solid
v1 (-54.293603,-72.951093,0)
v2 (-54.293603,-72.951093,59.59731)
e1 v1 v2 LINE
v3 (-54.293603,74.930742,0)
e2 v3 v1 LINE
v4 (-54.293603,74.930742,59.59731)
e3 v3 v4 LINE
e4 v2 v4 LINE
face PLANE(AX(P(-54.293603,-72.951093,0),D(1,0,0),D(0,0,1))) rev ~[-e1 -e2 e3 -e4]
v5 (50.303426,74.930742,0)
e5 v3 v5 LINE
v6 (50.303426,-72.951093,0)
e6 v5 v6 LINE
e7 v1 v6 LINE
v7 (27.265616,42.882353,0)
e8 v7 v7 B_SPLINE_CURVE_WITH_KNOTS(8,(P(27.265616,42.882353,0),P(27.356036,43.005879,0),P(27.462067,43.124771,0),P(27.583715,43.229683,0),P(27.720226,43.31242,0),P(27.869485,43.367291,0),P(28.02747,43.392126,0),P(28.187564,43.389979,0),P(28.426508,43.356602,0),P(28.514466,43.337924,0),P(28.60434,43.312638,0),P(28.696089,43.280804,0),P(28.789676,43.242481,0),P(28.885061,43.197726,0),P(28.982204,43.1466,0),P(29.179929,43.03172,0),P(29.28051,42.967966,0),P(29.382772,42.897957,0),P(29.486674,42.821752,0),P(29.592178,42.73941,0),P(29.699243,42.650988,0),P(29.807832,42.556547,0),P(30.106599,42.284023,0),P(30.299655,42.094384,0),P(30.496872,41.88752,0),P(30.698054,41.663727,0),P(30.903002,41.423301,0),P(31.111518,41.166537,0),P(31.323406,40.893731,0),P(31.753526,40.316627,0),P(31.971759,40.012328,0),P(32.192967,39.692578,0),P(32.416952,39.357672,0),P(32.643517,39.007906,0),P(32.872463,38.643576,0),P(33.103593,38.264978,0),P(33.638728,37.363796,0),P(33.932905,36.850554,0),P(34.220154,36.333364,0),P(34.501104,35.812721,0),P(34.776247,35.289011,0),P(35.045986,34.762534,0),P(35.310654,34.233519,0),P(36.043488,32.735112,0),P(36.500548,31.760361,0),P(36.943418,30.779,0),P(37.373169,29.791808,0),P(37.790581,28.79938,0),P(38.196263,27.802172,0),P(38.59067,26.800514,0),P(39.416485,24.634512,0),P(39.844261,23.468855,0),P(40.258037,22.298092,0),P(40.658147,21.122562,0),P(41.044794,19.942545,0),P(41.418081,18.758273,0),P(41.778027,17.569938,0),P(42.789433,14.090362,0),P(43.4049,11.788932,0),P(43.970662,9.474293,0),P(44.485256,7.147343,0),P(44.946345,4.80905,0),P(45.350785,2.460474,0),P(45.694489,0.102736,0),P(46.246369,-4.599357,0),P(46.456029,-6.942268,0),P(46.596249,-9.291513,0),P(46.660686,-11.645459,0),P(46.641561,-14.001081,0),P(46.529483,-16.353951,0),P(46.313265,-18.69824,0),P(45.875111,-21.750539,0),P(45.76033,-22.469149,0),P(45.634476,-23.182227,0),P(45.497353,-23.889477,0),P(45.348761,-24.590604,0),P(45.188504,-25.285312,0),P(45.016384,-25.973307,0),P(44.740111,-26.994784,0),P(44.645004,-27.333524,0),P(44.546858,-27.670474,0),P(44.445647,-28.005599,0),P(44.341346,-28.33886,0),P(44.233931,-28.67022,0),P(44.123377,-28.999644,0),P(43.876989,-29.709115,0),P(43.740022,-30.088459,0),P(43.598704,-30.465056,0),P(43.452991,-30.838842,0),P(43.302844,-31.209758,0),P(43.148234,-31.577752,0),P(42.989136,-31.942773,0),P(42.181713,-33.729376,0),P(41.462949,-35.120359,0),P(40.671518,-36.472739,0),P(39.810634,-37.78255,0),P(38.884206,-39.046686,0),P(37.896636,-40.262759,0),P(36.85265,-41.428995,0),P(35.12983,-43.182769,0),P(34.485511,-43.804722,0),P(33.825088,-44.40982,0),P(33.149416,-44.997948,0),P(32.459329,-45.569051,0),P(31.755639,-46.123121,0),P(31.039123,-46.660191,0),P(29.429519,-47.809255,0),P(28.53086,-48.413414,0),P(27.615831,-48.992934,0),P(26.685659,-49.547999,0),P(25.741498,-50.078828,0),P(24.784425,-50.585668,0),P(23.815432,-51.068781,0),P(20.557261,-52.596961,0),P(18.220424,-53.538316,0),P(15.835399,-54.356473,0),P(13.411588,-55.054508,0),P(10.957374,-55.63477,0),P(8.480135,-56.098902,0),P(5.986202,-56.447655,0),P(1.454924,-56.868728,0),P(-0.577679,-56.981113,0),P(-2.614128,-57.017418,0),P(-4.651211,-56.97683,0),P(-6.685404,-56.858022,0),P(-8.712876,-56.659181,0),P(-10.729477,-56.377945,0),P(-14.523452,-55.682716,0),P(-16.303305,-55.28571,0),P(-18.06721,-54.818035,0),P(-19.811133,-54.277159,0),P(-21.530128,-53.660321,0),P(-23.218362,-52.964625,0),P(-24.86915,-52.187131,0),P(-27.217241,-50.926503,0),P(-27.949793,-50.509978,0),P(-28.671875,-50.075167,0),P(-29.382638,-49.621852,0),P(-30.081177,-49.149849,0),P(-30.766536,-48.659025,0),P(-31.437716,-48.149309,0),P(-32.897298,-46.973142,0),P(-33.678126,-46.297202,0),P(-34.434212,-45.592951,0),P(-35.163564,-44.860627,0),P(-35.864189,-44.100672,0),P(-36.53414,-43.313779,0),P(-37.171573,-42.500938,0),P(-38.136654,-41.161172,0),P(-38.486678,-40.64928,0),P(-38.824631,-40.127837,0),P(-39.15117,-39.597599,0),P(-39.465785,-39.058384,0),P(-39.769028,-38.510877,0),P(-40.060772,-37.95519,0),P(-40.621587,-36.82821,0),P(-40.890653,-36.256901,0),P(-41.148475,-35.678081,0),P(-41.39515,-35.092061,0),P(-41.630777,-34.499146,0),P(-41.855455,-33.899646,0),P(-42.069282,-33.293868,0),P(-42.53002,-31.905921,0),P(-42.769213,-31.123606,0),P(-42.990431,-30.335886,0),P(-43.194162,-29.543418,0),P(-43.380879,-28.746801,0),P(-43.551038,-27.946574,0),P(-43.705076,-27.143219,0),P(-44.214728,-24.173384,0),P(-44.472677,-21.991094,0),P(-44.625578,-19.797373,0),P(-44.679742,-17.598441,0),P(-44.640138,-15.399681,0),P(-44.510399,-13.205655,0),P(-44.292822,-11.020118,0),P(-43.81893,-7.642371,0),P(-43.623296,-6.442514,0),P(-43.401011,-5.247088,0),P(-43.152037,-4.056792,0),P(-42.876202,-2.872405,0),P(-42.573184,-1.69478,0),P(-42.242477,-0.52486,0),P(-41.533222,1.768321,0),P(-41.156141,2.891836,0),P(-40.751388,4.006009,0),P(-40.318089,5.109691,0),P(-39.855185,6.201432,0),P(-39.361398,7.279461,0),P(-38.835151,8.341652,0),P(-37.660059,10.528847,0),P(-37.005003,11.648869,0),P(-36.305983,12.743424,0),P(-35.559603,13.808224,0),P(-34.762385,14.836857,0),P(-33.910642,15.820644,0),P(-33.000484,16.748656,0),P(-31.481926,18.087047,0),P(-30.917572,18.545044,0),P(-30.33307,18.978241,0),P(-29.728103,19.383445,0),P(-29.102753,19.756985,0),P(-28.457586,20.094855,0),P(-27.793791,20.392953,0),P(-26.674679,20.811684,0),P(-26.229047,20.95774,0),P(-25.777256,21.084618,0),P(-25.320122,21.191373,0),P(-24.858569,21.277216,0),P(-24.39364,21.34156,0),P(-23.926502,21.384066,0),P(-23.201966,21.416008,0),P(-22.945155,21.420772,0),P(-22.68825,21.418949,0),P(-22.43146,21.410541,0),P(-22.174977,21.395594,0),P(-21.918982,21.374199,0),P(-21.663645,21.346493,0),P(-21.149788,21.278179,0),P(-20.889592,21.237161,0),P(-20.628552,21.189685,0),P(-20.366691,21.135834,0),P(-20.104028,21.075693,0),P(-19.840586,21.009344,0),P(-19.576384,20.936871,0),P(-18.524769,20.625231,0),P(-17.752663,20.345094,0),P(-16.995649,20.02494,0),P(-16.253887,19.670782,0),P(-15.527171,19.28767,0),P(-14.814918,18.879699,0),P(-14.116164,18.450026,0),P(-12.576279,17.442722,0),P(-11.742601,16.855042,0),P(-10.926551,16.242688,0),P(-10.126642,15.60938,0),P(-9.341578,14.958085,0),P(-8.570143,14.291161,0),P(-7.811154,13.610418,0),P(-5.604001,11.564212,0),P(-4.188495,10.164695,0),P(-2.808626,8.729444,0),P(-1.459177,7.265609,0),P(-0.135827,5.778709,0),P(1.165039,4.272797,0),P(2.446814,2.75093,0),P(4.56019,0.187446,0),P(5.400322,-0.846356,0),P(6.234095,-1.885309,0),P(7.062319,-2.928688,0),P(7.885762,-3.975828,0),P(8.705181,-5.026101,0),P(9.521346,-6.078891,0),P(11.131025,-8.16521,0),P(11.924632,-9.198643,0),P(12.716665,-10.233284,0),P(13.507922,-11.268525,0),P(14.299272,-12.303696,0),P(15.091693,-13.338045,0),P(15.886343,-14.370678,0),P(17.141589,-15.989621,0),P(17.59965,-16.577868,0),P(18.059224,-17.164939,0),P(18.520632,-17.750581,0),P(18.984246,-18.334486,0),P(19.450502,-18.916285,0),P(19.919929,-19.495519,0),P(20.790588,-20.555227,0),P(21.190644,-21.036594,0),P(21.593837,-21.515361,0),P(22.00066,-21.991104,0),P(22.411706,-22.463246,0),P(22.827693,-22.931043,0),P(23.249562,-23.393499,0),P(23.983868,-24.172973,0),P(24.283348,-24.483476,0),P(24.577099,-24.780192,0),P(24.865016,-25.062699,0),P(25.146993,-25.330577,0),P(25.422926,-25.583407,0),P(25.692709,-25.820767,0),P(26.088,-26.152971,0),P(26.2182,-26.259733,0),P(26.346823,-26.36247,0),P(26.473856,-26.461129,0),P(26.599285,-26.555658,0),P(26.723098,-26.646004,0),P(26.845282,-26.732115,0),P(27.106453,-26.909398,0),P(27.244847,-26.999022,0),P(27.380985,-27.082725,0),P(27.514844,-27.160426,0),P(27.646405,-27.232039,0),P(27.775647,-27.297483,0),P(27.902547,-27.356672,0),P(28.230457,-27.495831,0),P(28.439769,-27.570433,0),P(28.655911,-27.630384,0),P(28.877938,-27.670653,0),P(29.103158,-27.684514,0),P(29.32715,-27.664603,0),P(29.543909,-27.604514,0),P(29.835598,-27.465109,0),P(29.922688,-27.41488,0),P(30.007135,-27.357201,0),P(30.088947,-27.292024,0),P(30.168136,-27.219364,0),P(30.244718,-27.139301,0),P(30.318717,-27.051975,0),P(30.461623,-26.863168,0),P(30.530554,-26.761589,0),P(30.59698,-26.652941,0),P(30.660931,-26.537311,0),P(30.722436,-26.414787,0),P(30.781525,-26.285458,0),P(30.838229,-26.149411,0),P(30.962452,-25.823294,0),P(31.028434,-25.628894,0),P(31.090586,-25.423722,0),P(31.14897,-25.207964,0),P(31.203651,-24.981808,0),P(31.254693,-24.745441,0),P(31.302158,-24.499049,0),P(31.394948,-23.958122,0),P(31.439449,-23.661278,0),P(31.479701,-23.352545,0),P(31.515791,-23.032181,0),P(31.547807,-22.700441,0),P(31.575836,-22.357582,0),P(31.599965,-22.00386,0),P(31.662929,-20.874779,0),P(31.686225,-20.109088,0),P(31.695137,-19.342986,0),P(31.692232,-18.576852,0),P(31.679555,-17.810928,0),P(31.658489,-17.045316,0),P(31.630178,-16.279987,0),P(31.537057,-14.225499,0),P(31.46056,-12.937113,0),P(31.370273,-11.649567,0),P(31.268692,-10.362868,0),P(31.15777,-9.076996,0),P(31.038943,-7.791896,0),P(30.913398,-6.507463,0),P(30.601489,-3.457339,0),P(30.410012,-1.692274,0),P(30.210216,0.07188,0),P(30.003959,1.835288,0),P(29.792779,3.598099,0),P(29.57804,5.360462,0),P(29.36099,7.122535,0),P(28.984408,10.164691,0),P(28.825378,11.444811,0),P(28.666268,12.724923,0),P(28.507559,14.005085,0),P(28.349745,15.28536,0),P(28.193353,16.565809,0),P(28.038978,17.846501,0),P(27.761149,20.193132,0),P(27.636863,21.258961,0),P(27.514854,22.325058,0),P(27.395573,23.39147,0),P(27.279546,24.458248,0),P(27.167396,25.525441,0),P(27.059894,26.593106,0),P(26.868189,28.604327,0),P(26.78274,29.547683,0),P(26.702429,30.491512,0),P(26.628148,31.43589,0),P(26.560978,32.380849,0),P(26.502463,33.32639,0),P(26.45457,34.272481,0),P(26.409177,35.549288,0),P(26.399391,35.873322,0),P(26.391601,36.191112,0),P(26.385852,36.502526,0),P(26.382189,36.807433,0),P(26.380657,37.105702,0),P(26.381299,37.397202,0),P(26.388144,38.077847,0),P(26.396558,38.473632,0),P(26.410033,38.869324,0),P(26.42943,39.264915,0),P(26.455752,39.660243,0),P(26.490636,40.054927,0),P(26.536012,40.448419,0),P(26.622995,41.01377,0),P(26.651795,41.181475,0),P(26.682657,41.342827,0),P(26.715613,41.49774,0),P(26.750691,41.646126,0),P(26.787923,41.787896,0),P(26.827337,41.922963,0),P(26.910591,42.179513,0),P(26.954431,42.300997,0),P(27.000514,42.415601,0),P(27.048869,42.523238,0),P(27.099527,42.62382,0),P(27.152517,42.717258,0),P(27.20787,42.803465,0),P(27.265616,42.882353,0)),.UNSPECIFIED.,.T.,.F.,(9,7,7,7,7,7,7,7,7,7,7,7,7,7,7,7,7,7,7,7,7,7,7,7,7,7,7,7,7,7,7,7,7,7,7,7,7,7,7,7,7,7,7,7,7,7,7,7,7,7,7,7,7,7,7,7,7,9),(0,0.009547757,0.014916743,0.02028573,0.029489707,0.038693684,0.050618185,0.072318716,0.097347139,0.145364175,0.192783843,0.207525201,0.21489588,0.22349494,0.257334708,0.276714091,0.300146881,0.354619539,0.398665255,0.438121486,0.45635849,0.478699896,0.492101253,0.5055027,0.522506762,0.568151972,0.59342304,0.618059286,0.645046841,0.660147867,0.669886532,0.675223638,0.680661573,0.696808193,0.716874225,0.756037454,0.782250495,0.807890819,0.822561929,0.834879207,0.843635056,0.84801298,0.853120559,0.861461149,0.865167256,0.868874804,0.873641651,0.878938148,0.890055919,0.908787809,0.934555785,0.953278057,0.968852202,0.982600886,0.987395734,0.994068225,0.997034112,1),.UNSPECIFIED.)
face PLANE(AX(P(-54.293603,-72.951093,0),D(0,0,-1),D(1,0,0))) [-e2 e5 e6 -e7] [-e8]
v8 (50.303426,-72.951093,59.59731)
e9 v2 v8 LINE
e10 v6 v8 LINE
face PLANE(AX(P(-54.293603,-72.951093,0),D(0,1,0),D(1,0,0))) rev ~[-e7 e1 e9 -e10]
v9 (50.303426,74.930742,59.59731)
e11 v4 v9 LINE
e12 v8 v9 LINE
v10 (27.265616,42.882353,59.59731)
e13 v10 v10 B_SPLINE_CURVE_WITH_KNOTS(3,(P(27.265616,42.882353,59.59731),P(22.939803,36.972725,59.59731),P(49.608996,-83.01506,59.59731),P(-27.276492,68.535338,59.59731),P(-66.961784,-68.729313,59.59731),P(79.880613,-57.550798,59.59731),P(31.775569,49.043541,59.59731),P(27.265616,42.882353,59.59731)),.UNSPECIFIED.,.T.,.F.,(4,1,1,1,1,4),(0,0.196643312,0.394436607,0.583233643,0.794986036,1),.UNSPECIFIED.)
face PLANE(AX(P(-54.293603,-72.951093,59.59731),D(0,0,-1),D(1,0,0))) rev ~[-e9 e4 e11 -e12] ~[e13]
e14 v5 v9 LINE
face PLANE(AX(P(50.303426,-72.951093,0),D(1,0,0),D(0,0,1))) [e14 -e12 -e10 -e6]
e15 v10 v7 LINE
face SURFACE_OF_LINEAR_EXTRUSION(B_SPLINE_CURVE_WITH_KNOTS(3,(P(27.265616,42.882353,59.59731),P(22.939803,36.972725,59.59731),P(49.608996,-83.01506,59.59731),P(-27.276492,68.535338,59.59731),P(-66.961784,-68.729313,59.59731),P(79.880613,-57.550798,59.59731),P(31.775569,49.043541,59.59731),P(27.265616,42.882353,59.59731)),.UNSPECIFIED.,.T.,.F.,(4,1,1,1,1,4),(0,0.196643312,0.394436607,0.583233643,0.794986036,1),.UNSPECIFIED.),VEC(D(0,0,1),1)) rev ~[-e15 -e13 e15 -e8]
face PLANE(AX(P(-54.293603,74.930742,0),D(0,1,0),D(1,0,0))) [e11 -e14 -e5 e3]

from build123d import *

# Parameters (mm, degrees)
F0_W     = 104.5970283449
F0_H     = 147.8818356991
F1_DEPTH = 59.59731
F2_DEPTH = 67.74985
F4_DEPTH = 109.79171


with BuildPart() as f1:
    # F0 (on Top) → F1 (new body)
    with BuildSketch(Plane.XY):
        with Locations((-1.9950885326, 0.9898245335)):
            Rectangle(F0_W, F0_H)
    extrude(amount=F1_DEPTH)

    # F2 (add): a face of the model
    f2_faces = [f1.faces().sort_by_distance(p)[0] for p in [
        (-1.9950885326, -72.9510933161, 29.798655),
    ]]
    extrude(f2_faces, amount=-F2_DEPTH)

    # F3 (on face) → F4 (cut)
    with BuildSketch(Plane.XY.offset(59.59731)):
        with BuildLine():
            add(Edge.make_bspline(
                [(27.2656157613, 42.8823530674), (22.9398026056, 36.9727246128), (49.6089961864, -83.0150604174), (-27.2764915131, 68.5353377232), (-66.9617843047, -68.7293132539), (79.8806130004, -57.5507975536), (31.7755688069, 49.0435407767), (27.2656157613, 42.8823530674)],
                knots=[0, 0, 0, 0, 0.1966433118, 0.3944366073, 0.583233643, 0.794986036, 1, 1, 1, 1], degree=3))
        make_face()
    extrude(amount=-F4_DEPTH, mode=Mode.SUBTRACT)


solid = f1.part
